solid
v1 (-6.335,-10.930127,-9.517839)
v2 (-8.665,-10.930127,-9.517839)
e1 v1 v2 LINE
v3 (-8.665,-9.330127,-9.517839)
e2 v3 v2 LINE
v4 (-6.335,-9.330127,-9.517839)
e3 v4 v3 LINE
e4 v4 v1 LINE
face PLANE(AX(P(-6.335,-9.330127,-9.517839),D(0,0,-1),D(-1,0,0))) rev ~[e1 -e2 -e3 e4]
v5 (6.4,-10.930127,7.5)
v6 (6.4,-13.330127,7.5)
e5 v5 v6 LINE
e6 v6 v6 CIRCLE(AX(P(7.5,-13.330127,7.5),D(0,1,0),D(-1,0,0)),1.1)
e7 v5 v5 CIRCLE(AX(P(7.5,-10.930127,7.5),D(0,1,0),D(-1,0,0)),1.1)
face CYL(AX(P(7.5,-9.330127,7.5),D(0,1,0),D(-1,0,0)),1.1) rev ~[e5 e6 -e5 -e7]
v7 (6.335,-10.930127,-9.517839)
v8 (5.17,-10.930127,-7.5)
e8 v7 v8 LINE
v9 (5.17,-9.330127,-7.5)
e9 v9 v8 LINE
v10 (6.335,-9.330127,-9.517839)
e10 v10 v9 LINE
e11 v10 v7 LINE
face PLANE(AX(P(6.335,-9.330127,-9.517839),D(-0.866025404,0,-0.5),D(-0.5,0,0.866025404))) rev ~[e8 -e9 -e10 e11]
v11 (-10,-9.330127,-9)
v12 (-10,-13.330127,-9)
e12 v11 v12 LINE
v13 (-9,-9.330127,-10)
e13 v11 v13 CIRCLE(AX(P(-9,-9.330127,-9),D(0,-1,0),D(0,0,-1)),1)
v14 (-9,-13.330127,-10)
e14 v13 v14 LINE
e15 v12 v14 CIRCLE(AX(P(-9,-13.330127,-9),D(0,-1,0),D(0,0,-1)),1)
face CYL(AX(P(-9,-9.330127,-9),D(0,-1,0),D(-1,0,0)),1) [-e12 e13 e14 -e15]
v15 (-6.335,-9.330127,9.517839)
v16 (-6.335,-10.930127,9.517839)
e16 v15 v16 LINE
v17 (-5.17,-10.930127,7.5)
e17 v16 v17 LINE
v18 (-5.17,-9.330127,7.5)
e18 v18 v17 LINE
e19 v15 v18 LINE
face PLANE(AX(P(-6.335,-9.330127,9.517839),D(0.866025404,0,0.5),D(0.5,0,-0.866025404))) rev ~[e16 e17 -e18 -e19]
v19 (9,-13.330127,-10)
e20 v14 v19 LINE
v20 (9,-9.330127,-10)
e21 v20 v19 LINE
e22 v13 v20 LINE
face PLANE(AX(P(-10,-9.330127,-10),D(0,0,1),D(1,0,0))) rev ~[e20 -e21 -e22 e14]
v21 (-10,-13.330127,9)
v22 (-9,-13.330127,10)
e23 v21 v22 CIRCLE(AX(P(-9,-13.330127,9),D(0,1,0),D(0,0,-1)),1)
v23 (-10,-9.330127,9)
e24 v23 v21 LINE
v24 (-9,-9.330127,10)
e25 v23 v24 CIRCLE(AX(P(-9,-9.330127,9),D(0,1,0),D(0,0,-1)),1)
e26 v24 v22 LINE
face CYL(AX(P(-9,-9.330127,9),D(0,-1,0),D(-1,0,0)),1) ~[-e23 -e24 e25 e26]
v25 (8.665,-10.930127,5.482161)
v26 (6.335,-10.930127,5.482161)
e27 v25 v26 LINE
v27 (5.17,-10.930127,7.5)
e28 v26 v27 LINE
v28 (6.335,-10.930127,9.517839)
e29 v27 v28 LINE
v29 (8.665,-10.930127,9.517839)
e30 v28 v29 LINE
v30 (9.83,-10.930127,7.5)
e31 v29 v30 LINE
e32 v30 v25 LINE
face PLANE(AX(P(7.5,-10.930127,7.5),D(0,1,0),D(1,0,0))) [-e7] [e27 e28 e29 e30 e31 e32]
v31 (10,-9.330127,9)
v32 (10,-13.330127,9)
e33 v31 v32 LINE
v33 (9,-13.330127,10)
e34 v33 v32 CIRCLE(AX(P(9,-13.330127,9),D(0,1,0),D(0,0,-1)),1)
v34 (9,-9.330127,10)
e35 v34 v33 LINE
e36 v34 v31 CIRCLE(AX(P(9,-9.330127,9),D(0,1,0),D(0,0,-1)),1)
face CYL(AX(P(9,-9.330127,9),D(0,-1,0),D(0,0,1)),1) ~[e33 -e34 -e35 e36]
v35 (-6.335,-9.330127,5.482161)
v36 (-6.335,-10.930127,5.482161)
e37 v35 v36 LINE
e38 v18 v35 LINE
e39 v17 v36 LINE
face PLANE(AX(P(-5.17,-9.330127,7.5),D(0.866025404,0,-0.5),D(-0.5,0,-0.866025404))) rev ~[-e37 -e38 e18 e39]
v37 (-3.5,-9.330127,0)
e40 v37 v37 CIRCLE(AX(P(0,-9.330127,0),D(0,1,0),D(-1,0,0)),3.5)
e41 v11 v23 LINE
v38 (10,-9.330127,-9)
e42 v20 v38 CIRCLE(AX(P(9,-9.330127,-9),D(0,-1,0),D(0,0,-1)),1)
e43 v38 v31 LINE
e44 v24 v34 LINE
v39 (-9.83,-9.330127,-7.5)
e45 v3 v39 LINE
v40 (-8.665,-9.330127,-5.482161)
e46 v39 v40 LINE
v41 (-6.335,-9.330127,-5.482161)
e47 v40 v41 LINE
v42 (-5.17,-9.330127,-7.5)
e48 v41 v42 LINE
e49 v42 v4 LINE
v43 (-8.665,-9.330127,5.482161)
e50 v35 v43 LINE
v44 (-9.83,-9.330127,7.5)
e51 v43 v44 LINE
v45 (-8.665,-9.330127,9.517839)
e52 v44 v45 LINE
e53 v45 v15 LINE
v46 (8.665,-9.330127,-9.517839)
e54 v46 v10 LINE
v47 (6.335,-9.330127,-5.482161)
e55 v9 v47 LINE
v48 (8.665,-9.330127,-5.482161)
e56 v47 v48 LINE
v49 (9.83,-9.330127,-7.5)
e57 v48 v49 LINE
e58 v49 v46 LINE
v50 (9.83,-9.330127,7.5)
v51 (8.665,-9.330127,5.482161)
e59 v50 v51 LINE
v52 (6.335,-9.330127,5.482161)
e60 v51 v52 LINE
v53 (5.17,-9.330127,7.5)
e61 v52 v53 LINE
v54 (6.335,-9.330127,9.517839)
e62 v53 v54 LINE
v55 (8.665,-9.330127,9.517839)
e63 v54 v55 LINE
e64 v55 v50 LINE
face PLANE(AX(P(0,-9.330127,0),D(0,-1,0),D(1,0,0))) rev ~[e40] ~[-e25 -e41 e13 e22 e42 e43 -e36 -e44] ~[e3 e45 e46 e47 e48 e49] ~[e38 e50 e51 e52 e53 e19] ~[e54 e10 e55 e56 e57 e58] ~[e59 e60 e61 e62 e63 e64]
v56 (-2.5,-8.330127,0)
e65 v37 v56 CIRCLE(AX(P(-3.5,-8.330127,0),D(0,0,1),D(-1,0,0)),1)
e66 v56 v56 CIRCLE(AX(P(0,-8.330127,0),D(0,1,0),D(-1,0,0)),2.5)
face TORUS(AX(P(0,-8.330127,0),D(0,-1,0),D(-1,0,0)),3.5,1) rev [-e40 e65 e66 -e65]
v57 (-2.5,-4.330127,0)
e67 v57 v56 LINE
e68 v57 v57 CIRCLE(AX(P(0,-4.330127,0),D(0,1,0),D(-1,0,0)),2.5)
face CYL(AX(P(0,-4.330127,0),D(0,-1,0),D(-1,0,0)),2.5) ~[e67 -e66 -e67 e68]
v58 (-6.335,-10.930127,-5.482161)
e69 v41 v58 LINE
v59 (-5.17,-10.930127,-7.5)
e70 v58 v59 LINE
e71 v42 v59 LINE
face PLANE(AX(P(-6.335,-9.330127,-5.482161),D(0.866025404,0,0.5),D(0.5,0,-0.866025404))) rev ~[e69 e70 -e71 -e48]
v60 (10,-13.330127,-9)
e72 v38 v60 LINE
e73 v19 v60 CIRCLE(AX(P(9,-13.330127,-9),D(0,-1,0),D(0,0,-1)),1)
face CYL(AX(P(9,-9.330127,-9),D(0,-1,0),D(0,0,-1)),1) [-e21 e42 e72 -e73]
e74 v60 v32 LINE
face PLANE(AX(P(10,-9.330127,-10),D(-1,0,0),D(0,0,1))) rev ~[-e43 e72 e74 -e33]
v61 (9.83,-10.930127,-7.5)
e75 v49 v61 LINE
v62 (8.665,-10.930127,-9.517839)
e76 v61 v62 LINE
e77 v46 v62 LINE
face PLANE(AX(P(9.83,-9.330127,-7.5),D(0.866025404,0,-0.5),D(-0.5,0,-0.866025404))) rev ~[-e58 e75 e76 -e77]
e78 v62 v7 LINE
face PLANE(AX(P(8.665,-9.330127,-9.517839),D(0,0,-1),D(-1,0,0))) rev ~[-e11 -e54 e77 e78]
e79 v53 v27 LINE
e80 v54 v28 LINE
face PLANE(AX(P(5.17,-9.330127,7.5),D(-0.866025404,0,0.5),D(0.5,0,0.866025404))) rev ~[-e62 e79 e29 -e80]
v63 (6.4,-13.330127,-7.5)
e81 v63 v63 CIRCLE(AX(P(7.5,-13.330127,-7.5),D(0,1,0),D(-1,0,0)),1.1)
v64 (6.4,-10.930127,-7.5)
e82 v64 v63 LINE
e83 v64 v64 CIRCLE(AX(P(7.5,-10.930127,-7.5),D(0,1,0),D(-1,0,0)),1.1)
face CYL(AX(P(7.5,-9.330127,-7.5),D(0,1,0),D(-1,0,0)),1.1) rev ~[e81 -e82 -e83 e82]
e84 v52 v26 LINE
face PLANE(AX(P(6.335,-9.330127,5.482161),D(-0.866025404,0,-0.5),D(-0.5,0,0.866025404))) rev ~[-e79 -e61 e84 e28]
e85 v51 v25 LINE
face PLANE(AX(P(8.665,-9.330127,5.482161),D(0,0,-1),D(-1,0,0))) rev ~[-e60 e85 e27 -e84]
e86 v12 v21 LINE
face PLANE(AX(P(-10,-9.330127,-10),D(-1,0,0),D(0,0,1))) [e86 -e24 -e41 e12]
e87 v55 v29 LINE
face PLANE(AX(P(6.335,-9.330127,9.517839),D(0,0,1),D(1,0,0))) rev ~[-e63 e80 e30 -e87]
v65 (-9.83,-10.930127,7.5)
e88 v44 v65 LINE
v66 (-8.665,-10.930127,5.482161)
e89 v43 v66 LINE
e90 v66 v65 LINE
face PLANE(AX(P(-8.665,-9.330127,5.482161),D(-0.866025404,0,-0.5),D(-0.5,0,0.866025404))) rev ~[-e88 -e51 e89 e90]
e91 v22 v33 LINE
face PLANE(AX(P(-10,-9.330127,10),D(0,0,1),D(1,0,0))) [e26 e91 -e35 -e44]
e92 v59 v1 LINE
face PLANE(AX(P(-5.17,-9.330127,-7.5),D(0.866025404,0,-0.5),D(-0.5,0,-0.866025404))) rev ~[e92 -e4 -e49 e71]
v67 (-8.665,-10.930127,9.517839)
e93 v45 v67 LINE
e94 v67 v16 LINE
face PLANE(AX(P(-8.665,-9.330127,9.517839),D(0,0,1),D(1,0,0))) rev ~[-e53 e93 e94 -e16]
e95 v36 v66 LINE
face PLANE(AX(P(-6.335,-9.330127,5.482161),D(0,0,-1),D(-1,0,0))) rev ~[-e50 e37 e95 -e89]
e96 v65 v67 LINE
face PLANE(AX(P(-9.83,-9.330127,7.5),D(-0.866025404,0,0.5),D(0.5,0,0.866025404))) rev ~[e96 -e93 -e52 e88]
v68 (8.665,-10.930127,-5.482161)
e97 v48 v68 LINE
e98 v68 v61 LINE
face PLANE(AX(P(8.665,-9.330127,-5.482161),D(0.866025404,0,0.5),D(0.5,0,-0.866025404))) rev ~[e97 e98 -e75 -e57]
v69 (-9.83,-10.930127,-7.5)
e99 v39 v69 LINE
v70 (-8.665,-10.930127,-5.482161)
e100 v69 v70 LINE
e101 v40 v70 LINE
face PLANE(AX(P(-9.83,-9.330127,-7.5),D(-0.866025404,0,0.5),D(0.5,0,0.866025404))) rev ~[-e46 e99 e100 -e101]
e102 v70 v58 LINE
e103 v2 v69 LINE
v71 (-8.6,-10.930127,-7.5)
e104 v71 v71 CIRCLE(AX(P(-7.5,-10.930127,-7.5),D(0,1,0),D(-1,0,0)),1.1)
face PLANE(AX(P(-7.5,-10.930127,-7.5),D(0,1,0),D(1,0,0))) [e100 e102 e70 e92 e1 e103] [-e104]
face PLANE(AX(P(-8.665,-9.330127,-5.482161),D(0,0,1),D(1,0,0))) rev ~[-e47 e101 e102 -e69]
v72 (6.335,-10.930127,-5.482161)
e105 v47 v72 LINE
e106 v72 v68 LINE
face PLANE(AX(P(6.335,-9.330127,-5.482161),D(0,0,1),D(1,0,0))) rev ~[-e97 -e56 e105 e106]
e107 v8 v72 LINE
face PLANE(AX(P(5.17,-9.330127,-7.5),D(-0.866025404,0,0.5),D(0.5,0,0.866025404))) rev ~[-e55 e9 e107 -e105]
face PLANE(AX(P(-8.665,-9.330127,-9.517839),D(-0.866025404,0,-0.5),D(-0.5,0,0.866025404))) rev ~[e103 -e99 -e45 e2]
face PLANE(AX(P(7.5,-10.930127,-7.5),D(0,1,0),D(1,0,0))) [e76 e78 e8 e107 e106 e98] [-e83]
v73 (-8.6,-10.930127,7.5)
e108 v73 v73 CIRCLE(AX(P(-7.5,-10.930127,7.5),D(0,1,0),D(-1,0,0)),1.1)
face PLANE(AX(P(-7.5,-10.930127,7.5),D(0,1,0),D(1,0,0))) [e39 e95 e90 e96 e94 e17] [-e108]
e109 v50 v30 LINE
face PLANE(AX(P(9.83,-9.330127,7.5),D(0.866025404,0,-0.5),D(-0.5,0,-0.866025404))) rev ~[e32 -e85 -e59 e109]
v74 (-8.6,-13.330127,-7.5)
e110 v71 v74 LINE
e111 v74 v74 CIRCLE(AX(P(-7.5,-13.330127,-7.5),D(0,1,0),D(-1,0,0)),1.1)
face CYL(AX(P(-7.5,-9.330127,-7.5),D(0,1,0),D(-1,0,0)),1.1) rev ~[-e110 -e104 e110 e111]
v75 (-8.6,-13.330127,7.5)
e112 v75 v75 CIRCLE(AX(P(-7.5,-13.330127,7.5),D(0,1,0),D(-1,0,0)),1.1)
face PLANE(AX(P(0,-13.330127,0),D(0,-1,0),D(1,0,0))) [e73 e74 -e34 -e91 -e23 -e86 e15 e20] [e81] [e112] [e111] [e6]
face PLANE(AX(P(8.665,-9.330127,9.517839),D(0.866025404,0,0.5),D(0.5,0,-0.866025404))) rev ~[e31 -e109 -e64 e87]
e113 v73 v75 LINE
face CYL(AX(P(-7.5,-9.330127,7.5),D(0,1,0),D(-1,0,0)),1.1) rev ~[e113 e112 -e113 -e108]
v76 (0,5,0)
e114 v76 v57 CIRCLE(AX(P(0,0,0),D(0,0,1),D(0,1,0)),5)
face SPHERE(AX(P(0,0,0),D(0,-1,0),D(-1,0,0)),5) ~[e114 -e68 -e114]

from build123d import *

# Parameters (mm, degrees)
ESQUISSE2_W             = 20
ESQUISSE2_H             = 20
BOSS_EXTRU_1_DEPTH      = 4
ENL_V_MAT_EXTRU_1_REACH = 6
ESQUISSE3_R             = 1.1
CONG_1_R                = 1
ENL_V_MAT_EXTRU_2_DEPTH = 1.6


with BuildPart() as part:
    # Esquisse1 → Révolution1 (revolve)
    with BuildSketch(Plane.XY):
        with BuildLine():
            Line((-2.5, -4.330127019), (-2.5, -9.330127019))
            Line((-2.5, -9.330127019), (0, -9.330127019))
            Line((0, -9.330127019), (0, 5))
            ThreePointArc((0, 5), (-4.829629131, 1.294095226), (-2.5, -4.330127019))
        make_face()
    revolve(axis=Axis((0, -9.330127019, 0), (0, 1, 0)))

    # Esquisse2 → Boss.-Extru.1 (add)
    with BuildSketch(Plane.XZ.offset(9.330127019)):
        Rectangle(ESQUISSE2_W, ESQUISSE2_H)
    extrude(amount=BOSS_EXTRU_1_DEPTH)

    # Esquisse3 → Enlèv. mat.-Extru.1 (cut, up to next)
    with BuildSketch(Plane(origin=(0, -9.330127019, 0), x_dir=(1, 0, 0), z_dir=(0, 1, 0)), mode=Mode.PRIVATE) as enl_v_mat_extru_1_sk1:
        with Locations(Location((7.5, -7.5, 0), (0, 0, 180))):  # turned: the seam where the file's is
            Circle(ESQUISSE3_R)
    enl_v_mat_extru_1_tool1 = extrude(enl_v_mat_extru_1_sk1.sketch, amount=-ENL_V_MAT_EXTRU_1_REACH, mode=Mode.PRIVATE) & part.part
    add(enl_v_mat_extru_1_tool1.solids().sort_by_distance((7.5, -9.330127, 7.5))[0], mode=Mode.SUBTRACT)
    # Esquisse3 → Enlèv. mat.-Extru.1 (cut, up to next)
    with BuildSketch(Plane(origin=(0, -9.330127019, 0), x_dir=(1, 0, 0), z_dir=(0, 1, 0)), mode=Mode.PRIVATE) as enl_v_mat_extru_1_sk2:
        with Locations(Location((7.5, 7.5, 0), (0, 0, 180))):  # turned: the seam where the file's is
            Circle(ESQUISSE3_R)
    enl_v_mat_extru_1_tool2 = extrude(enl_v_mat_extru_1_sk2.sketch, amount=-ENL_V_MAT_EXTRU_1_REACH, mode=Mode.PRIVATE) & part.part
    add(enl_v_mat_extru_1_tool2.solids().sort_by_distance((7.5, -9.330127, -7.5))[0], mode=Mode.SUBTRACT)
    # Esquisse3 → Enlèv. mat.-Extru.1 (cut, up to next)
    with BuildSketch(Plane(origin=(0, -9.330127019, 0), x_dir=(1, 0, 0), z_dir=(0, 1, 0)), mode=Mode.PRIVATE) as enl_v_mat_extru_1_sk3:
        with Locations(Location((-7.5, 7.5, 0), (0, 0, 180))):  # turned: the seam where the file's is
            Circle(ESQUISSE3_R)
    enl_v_mat_extru_1_tool3 = extrude(enl_v_mat_extru_1_sk3.sketch, amount=-ENL_V_MAT_EXTRU_1_REACH, mode=Mode.PRIVATE) & part.part
    add(enl_v_mat_extru_1_tool3.solids().sort_by_distance((-7.5, -9.330127, -7.5))[0], mode=Mode.SUBTRACT)
    # Esquisse3 → Enlèv. mat.-Extru.1 (cut, up to next)
    with BuildSketch(Plane(origin=(0, -9.330127019, 0), x_dir=(1, 0, 0), z_dir=(0, 1, 0)), mode=Mode.PRIVATE) as enl_v_mat_extru_1_sk4:
        with Locations(Location((-7.5, -7.5, 0), (0, 0, 180))):  # turned: the seam where the file's is
            Circle(ESQUISSE3_R)
    enl_v_mat_extru_1_tool4 = extrude(enl_v_mat_extru_1_sk4.sketch, amount=-ENL_V_MAT_EXTRU_1_REACH, mode=Mode.PRIVATE) & part.part
    add(enl_v_mat_extru_1_tool4.solids().sort_by_distance((-7.5, -9.330127, 7.5))[0], mode=Mode.SUBTRACT)

    # Congé1
    cong_1_edges = [part.edges().sort_by_distance(p)[0] for p in [
        (-10, -11.330127019, -10),
        (10, -11.330127019, -10),
        (10, -11.330127019, 10),
        (2.5, -9.330127019, 0),
        (-10, -11.330127019, 10),
    ]]
    fillet(cong_1_edges, radius=CONG_1_R)

    # Esquisse4 → Enlèv. mat.-Extru.2 (cut)
    with BuildSketch(Plane(origin=(0, -9.330127019, 0), x_dir=(1, 0, 0), z_dir=(0, 1, 0))):
        Polygon((-6.335, -5.482160809), (-8.665, -5.482160809), (-9.83, -7.5), (-8.665, -9.517839191), (-6.335, -9.517839191), (-5.17, -7.5), align=None)
        Polygon((9.83, -7.5), (8.665, -5.482160809), (6.335, -5.482160809), (5.17, -7.5), (6.335, -9.517839191), (8.665, -9.517839191), align=None)
        Polygon((8.665, 5.482160809), (9.83, 7.5), (8.665, 9.517839191), (6.335, 9.517839191), (5.17, 7.5), (6.335, 5.482160809), align=None)
        Polygon((-5.17, 7.5), (-6.335, 9.517839191), (-8.665, 9.517839191), (-9.83, 7.5), (-8.665, 5.482160809), (-6.335, 5.482160809), align=None)
    extrude(amount=-ENL_V_MAT_EXTRU_2_DEPTH, mode=Mode.SUBTRACT)


solid = part.part
